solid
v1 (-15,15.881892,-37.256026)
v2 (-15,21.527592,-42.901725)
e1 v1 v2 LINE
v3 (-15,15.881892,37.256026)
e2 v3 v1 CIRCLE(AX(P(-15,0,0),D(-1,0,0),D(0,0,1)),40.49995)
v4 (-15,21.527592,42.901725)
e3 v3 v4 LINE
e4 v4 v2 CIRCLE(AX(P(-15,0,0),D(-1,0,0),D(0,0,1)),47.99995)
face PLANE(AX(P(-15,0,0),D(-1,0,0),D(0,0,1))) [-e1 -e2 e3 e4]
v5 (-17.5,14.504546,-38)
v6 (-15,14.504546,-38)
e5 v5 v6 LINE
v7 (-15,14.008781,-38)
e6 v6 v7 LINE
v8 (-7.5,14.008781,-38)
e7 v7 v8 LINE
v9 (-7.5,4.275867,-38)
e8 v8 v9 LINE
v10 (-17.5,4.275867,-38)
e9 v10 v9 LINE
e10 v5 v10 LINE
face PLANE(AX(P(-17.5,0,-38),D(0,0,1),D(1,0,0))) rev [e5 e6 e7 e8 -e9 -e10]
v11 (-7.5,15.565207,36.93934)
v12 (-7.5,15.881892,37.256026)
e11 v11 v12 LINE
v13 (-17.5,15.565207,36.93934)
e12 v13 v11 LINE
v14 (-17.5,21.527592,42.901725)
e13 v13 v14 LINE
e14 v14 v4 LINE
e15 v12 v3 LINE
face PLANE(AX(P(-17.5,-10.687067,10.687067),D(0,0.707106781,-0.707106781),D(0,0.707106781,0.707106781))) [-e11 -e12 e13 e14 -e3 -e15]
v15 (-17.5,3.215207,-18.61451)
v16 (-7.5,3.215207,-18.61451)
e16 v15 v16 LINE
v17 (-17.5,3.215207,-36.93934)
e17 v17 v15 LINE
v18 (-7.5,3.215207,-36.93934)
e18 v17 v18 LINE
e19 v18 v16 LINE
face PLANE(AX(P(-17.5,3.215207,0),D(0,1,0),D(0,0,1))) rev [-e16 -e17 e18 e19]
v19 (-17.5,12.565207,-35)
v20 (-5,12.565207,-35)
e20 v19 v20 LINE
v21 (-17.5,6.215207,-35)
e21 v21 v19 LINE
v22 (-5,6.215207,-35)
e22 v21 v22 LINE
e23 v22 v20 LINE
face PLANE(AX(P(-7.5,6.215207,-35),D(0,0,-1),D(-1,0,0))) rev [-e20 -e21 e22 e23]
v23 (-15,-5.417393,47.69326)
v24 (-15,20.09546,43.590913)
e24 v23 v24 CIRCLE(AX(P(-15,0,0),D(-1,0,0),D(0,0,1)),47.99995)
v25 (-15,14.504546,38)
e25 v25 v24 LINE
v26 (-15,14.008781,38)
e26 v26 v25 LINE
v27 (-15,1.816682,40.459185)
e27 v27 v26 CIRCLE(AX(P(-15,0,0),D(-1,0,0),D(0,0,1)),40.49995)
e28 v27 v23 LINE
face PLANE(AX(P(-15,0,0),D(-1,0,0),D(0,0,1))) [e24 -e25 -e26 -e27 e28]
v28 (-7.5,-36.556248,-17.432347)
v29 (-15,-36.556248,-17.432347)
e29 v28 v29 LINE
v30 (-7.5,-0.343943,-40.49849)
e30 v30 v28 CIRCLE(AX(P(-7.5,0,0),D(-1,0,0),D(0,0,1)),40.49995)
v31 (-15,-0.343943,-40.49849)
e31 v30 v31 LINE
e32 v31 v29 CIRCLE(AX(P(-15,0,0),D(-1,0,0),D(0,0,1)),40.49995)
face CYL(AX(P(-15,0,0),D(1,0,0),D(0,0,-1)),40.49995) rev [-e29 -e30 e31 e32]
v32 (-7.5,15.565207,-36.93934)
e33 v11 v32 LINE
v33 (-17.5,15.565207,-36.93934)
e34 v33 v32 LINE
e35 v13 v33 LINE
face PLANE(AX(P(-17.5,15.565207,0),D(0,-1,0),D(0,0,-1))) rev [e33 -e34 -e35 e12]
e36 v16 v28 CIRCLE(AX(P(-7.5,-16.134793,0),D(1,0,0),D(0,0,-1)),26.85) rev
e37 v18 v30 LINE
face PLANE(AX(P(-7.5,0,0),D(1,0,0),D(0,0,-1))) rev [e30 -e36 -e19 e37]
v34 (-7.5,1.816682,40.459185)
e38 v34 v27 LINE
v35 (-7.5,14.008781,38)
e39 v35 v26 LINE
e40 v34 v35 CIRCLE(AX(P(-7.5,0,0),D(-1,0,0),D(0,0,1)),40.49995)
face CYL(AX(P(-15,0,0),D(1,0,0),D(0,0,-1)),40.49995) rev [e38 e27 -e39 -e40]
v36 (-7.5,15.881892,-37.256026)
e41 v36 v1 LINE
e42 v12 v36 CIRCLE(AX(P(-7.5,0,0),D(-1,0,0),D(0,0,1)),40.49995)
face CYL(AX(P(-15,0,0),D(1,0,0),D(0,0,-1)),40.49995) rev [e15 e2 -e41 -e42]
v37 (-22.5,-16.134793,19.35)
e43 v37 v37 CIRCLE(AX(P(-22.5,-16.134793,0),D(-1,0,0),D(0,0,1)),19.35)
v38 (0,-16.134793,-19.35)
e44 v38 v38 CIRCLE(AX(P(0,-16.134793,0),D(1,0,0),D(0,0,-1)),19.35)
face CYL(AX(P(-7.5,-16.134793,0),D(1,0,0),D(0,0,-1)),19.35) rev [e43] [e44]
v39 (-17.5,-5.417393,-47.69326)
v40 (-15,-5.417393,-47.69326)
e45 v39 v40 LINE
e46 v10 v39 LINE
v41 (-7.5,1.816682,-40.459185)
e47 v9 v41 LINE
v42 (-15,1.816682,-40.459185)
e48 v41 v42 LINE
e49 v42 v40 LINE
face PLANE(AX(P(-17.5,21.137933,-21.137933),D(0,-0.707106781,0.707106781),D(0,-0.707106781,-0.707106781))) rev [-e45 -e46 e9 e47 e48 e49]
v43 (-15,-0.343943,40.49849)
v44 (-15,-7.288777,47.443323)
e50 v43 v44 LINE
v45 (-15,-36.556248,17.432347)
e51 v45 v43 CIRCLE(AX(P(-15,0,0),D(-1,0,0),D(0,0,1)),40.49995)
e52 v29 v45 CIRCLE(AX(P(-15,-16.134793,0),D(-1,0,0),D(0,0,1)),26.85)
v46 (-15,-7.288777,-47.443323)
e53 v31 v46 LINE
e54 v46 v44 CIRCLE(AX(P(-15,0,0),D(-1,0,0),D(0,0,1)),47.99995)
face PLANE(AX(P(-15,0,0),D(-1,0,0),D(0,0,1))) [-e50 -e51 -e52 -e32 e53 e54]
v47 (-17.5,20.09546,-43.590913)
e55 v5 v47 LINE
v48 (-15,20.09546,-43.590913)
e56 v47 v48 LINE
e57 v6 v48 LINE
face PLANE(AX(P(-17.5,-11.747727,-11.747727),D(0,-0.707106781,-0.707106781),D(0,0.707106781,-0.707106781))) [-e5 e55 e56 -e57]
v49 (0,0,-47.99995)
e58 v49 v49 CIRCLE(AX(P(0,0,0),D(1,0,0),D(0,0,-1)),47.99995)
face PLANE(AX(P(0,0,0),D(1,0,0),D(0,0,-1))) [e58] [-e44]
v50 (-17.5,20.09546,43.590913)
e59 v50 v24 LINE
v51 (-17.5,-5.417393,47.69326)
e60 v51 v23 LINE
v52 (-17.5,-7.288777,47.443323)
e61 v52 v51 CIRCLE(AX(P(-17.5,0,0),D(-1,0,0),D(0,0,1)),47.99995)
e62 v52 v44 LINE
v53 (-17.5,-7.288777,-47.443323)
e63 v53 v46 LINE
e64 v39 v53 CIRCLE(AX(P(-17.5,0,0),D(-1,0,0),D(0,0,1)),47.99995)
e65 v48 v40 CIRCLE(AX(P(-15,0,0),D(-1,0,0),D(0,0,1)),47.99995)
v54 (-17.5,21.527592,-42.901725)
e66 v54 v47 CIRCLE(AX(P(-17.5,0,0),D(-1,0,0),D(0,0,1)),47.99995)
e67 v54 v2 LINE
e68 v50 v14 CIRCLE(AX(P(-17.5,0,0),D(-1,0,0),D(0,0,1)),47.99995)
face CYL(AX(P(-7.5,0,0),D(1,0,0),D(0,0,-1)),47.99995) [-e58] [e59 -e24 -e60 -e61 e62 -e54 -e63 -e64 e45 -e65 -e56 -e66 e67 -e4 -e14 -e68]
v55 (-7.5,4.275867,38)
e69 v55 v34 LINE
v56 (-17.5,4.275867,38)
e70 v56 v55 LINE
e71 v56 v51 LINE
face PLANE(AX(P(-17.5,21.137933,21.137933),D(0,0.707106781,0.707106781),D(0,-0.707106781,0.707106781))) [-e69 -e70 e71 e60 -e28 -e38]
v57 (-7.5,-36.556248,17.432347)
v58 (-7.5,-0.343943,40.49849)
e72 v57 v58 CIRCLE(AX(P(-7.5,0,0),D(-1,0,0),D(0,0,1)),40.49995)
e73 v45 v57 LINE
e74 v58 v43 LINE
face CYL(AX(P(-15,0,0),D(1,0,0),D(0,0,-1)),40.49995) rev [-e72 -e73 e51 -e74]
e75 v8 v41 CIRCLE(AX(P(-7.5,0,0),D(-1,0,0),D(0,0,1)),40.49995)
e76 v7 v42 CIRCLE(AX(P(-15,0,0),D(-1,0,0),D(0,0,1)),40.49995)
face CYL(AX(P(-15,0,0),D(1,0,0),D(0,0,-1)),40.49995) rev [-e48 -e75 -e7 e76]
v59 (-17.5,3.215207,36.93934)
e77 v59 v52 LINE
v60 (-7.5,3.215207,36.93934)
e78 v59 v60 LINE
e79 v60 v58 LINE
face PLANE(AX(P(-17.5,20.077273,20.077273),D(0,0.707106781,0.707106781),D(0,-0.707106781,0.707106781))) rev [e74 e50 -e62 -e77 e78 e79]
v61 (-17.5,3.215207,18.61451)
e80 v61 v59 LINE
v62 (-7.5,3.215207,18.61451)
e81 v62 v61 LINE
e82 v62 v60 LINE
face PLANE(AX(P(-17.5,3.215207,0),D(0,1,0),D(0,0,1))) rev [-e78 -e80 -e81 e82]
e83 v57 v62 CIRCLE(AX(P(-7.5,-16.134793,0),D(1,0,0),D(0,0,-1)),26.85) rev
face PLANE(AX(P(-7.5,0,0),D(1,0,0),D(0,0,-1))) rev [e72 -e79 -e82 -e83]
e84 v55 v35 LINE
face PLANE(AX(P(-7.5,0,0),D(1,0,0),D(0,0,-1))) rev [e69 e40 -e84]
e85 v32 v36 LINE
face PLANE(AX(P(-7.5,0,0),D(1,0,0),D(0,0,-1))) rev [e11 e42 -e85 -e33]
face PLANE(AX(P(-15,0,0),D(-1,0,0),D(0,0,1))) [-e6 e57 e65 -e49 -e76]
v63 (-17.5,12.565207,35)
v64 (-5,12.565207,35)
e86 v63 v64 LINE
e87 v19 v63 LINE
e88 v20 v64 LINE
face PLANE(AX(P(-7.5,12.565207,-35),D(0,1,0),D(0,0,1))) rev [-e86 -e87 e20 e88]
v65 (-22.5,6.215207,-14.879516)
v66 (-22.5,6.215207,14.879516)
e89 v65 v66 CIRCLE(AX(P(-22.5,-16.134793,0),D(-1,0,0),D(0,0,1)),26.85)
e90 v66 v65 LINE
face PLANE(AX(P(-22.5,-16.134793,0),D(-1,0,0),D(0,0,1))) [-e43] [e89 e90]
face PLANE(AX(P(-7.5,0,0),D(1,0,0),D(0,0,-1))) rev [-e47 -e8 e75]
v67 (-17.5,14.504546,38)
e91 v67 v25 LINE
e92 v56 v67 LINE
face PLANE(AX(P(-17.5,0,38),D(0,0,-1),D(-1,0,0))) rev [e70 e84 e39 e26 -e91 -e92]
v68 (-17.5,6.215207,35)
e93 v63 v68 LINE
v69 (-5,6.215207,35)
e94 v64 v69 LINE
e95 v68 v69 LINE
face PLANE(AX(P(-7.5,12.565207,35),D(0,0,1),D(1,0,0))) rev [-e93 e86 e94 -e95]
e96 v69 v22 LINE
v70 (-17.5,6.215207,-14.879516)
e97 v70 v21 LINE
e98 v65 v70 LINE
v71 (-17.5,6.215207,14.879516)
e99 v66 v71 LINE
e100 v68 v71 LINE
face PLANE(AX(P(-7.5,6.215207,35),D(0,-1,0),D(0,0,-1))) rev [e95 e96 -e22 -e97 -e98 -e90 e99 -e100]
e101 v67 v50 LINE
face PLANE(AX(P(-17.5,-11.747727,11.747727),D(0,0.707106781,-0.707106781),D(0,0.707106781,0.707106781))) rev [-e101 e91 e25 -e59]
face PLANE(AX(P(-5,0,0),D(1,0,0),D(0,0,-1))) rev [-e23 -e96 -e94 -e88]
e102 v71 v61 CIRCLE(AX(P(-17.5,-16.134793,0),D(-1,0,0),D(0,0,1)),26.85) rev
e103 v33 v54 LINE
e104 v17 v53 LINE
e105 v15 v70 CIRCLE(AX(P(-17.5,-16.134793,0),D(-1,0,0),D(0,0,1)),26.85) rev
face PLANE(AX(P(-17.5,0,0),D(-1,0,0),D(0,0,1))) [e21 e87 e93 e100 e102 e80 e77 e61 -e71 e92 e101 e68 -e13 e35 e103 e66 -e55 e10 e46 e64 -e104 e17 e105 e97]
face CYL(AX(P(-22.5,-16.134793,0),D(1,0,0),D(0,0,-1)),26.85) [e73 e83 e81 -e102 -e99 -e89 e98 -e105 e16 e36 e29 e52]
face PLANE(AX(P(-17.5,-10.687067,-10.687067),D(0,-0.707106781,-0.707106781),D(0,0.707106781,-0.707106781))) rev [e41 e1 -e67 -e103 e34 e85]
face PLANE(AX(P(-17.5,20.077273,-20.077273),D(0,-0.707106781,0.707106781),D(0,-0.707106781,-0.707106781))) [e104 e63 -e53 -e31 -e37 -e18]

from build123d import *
from build123d.topology import SkipClean

# Parameters (mm, degrees)
SKETCH1_R           = 47.99995
SKETCH1_R_2         = 19.35
SKETCH1_W           = 70
SKETCH1_H           = 6.35
BOSS_EXTRUDE1_DEPTH = 7.5
SKETCH1_3_W         = 70
SKETCH1_3_H         = 6.35
BOSS_EXTRUDE2_DEPTH = 5
SKETCH2_W           = 70
SKETCH2_H           = 6.35
BOSS_EXTRUDE3_DEPTH = 10
SKETCH3_R           = 19.35
BOSS_EXTRUDE4_DEPTH = 15
SKETCH4_R           = 47.99995
SKETCH4_R_2         = 40.49995
BOSS_EXTRUDE5_DEPTH = 7.5


with BuildPart() as part:
    # Sketch1 → Boss-Extrude1 (new body)
    with BuildSketch(Plane(origin=(0, 0, 0), x_dir=(0, 0, -1), z_dir=(1, 0, 0))):
        Circle(SKETCH1_R)
        with Locations((0, -16.134793457)):
            Circle(SKETCH1_R_2, mode=Mode.SUBTRACT)
        with Locations((0, 9.390206543)):
            Rectangle(SKETCH1_W, SKETCH1_H, mode=Mode.SUBTRACT)
    extrude(amount=-BOSS_EXTRUDE1_DEPTH)

    # Sketch1<3> → Boss-Extrude2 (add)
    with BuildSketch(Plane(origin=(0, 0, 0), x_dir=(0, 0, -1), z_dir=(1, 0, 0))):
        with Locations((0, 9.390206543)):
            Rectangle(SKETCH1_3_W, SKETCH1_3_H)
    extrude(amount=-BOSS_EXTRUDE2_DEPTH)

    # Sketch2 → Boss-Extrude3 (add)
    with SkipClean():  # the faces are left unmerged after this step: merging them gives an invalid solid
        with BuildSketch(Plane.ZY.offset(7.5)):
            with BuildLine():
                Line((-47.443323347, -7.288776975), (-36.939339828, 3.215206543))
                Line((-36.939339828, 3.215206543), (36.939339828, 3.215206543))
                Line((36.939339828, 3.215206543), (47.443323347, -7.288776975))
                ThreePointArc((47.443323347, -7.288776975), (47.577493547, -6.354314108), (47.693260005, -5.41739329))
                Line((47.693260005, -5.41739329), (38, 4.275866715))
                Line((38, 4.275866715), (38, 14.504546372))
                Line((38, 14.504546372), (43.590913129, 20.095459501))
                ThreePointArc((43.590913129, 20.095459501), (43.252246865, 20.814378231), (42.901724899, 21.527591614))
                Line((42.901724899, 21.527591614), (36.939339828, 15.565206543))
                Line((36.939339828, 15.565206543), (-36.939339828, 15.565206543))
                Line((-36.939339828, 15.565206543), (-42.901724899, 21.527591614))
                ThreePointArc((-42.901724899, 21.527591614), (-43.252246865, 20.814378231), (-43.590913129, 20.095459501))
                Line((-43.590913129, 20.095459501), (-38, 14.504546372))
                Line((-38, 14.504546372), (-38, 4.275866715))
                Line((-38, 4.275866715), (-47.693260005, -5.41739329))
                ThreePointArc((-47.693260005, -5.41739329), (-47.577493547, -6.354314108), (-47.443323347, -7.288776975))
            make_face()
            with Locations((0, 9.390206543)):
                Rectangle(SKETCH2_W, SKETCH2_H, mode=Mode.SUBTRACT)
        extrude(amount=BOSS_EXTRUDE3_DEPTH)

    # Sketch3 → Boss-Extrude4 (add)
    with SkipClean():  # the faces are left unmerged after this step: merging them gives an invalid solid
        with BuildSketch(Plane.ZY.offset(7.5)):
            with BuildLine():
                Line((14.879516121, 6.215206543), (-14.879516121, 6.215206543))
                ThreePointArc((-14.879516121, 6.215206543), (0, -42.984793457), (14.879516121, 6.215206543))
            make_face()
            with Locations(Location((0, -16.134793457, 0), (0, 0, 180))):
                Circle(SKETCH3_R, mode=Mode.SUBTRACT)
        extrude(amount=BOSS_EXTRUDE4_DEPTH)

    # Sketch4 → Boss-Extrude5 (add)
    with SkipClean():  # the faces are left unmerged after this step: merging them gives an invalid solid
        with BuildSketch(Plane.ZY.offset(7.5)):
            with Locations(Location((0, 0, 0), (0, 0, 180))):
                Circle(SKETCH4_R)
            Circle(SKETCH4_R_2, mode=Mode.SUBTRACT)
        extrude(amount=BOSS_EXTRUDE5_DEPTH)


solid = part.part
